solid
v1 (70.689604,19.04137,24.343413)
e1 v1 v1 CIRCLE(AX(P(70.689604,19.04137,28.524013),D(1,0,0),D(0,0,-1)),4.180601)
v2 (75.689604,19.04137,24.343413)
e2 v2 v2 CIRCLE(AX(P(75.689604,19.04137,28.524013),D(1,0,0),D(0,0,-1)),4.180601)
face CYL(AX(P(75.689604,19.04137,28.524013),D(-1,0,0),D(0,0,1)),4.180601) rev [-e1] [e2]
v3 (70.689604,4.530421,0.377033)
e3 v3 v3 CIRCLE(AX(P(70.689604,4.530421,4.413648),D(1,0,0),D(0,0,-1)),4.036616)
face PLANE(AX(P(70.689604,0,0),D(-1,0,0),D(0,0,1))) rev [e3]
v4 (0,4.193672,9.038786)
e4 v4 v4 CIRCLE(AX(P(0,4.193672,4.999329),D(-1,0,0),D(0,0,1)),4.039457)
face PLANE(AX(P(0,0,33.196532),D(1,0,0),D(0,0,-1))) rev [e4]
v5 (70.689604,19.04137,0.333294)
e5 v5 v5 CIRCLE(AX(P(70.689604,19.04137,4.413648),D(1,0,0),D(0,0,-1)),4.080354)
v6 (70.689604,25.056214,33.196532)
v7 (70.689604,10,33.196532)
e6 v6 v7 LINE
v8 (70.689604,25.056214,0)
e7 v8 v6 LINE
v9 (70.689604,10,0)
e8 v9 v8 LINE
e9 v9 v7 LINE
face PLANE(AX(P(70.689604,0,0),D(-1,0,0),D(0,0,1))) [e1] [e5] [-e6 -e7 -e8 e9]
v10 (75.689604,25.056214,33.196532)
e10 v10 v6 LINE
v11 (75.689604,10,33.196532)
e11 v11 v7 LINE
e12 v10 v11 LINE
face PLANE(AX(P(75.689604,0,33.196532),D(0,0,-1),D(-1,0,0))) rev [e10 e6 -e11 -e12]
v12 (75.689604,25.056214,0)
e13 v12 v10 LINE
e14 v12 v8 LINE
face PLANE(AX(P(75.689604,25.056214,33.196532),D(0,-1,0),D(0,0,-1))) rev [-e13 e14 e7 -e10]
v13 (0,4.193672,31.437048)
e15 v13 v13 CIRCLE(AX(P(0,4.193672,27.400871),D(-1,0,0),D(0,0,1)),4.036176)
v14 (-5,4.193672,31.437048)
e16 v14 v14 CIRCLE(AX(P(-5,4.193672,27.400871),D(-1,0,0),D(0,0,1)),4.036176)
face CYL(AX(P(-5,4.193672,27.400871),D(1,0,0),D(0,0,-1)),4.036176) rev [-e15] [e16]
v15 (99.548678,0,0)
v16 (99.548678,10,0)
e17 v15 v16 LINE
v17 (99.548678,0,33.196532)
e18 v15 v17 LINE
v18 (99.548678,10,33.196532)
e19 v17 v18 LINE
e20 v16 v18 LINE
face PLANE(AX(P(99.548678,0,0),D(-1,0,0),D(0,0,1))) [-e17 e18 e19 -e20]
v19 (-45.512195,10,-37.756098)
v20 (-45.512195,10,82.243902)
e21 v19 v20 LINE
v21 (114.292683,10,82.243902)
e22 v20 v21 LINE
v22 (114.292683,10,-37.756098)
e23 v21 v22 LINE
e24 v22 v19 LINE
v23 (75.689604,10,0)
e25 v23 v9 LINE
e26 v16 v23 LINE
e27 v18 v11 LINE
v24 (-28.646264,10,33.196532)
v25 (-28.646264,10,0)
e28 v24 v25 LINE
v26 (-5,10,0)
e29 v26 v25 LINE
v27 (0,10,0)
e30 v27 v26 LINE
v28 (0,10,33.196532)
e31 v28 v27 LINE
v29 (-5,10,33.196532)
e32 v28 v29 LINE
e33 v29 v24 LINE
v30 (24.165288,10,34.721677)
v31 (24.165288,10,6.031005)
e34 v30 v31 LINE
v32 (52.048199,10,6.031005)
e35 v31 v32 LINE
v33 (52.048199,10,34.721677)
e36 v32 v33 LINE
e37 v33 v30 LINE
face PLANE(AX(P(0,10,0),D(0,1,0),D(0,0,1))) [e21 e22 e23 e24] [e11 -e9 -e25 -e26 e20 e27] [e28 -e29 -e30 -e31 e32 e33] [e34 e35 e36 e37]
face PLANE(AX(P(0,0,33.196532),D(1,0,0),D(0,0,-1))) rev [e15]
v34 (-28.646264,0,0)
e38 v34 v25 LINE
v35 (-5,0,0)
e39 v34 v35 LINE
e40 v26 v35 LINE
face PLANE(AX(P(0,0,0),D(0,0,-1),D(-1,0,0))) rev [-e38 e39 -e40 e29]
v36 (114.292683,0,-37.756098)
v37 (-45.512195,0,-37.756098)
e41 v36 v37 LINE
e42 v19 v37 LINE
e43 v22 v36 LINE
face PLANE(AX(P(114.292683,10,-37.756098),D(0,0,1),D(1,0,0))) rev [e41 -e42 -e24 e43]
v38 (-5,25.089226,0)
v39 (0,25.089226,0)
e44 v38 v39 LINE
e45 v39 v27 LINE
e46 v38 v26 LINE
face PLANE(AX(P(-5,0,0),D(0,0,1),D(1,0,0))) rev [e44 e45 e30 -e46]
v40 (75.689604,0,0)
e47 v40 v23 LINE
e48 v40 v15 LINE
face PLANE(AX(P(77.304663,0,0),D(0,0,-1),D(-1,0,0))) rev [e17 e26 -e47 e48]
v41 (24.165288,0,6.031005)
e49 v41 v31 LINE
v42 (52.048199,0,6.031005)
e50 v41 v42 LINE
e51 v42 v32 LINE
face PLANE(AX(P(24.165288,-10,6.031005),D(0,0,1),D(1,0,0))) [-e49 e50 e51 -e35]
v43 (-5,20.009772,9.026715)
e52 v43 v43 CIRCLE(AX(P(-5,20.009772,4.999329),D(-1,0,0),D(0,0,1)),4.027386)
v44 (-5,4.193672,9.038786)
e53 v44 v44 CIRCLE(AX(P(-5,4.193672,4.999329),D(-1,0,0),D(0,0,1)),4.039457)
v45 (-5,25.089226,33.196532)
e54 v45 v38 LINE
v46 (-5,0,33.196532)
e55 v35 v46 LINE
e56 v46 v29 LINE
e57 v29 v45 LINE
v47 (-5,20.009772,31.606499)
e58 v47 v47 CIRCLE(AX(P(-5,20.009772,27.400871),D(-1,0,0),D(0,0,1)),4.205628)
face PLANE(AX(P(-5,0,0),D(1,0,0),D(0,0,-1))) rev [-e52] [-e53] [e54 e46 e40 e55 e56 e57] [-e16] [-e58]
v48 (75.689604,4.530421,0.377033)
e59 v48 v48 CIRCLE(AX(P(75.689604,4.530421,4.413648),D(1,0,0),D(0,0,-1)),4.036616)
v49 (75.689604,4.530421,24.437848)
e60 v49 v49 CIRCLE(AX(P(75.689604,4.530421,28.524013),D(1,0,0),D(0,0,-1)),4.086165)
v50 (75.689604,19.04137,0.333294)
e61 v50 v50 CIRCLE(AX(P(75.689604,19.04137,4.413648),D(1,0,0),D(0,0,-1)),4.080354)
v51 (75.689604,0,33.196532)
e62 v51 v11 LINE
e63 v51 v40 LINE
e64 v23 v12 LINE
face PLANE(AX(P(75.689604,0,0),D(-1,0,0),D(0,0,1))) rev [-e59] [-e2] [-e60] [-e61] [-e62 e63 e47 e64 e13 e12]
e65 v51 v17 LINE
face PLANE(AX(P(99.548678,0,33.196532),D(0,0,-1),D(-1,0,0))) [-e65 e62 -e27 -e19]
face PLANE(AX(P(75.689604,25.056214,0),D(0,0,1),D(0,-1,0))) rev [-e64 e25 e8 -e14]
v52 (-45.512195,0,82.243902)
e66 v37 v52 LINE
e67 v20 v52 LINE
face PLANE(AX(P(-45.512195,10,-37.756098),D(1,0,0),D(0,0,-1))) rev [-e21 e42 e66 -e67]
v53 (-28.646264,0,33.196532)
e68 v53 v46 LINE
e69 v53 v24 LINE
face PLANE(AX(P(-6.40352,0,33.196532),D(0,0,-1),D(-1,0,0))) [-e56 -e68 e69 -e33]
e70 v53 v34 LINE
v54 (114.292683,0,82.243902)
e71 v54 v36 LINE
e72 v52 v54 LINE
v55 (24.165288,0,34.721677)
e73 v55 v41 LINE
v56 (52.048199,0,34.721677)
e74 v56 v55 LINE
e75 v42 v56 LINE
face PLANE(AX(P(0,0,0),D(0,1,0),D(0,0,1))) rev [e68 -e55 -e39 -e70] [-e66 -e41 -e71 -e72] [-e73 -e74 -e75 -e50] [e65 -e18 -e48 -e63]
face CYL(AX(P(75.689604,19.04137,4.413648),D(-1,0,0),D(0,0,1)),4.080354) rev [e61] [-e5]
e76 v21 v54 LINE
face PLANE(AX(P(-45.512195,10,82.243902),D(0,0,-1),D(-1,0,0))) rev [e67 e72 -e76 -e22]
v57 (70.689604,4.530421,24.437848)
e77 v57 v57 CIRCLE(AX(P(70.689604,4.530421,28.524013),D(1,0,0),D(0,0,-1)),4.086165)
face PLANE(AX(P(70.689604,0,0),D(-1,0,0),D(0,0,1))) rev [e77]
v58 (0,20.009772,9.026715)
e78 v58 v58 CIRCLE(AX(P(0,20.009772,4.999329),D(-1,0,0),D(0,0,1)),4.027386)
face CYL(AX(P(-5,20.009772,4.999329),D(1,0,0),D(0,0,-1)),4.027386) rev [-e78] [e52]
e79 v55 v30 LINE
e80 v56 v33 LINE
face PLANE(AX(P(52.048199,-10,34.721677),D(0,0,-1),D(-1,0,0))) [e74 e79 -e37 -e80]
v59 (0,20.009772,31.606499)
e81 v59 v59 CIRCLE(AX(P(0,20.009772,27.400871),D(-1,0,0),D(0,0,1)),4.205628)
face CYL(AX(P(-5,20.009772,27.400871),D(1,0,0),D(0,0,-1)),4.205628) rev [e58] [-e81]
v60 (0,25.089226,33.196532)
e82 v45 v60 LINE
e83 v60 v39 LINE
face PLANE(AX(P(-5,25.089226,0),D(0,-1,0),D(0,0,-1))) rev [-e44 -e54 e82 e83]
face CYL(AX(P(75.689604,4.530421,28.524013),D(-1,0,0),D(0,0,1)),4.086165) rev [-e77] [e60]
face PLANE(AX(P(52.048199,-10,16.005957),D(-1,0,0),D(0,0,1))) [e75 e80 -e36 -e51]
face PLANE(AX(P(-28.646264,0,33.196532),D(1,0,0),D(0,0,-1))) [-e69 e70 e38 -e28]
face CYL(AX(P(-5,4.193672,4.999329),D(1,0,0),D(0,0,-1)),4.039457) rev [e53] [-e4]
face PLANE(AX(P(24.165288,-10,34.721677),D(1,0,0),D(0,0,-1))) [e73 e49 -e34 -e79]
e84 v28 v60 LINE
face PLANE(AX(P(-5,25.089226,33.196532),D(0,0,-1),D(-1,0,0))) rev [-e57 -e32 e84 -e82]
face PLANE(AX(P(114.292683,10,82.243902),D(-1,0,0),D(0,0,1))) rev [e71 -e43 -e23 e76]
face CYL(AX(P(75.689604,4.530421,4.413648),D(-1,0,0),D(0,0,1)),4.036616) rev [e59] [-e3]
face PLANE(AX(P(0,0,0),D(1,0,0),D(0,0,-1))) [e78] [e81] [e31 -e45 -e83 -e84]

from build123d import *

# Parameters (mm, degrees)
SKETCH3_W               = 159.804878049
SKETCH3_H               = 120
BOSS_EXTRUDE1_DEPTH     = 10
CUT_EXTRUDE1_DEPTH      = 20
CUT_EXTRUDE3_DEPTH      = 10
CUT_EXTRUDE3_DEPTH_BACK = 16
SKETCH5_R               = 3
CUT_EXTRUDE6_DEPTH      = 10
SKETCH8_R               = 4.027386095
SKETCH8_R_2             = 4.205627654
SKETCH8_R_3             = 4.039456984
SKETCH8_R_4             = 4.036176238
BOSS_EXTRUDE3_DEPTH     = 5
SKETCH9_W               = 33.196532324
SKETCH9_H               = 25.056213838
SKETCH9_R               = 4.18060077
SKETCH9_R_2             = 4.080354001
SKETCH9_R_3             = 4.086165431
SKETCH9_R_4             = 4.036615778
BOSS_EXTRUDE4_DEPTH     = 5


with BuildPart() as part:
    # Sketch3 → Boss-Extrude1 (new body)
    with BuildSketch(Plane(origin=(0, 0, 0), x_dir=(1, 0, 0), z_dir=(0, 1, 0))):
        with Locations((34.390243903, -22.243902439)):
            Rectangle(SKETCH3_W, SKETCH3_H)
    extrude(amount=BOSS_EXTRUDE1_DEPTH)

    # Sketch4 → Cut-Extrude1 (cut)
    with BuildSketch(Plane(origin=(0, 10, 0), x_dir=(1, 0, 0), z_dir=(0, 1, 0))):
        Polygon((52.048199058, -16.00595694), (52.048199058, -34.721676718), (24.165287655, -34.721676718), (24.165287655, -6.031004918), (52.048199058, -6.031004918), align=None)
    extrude(amount=-CUT_EXTRUDE1_DEPTH, mode=Mode.SUBTRACT)

    # Sketch5 → Cut-Extrude3 (cut, two sides: drawn at the far end of the back side and taken through both)
    with BuildSketch(Plane(origin=(0, 10, 0), x_dir=(1, 0, 0), z_dir=(0, 1, 0)).offset(-CUT_EXTRUDE3_DEPTH_BACK)):
        with Locations(Location((-15.512195122, -22.243902439, 0), (0, 0, 270))):
            Circle(SKETCH5_R)
        with Locations(Location((84.292682927, -22.243902439, 0), (0, 0, 270))):
            Circle(SKETCH5_R)
    extrude(amount=CUT_EXTRUDE3_DEPTH + CUT_EXTRUDE3_DEPTH_BACK, mode=Mode.SUBTRACT)

    # Sketch7 → Cut-Extrude6 (cut)
    with BuildSketch(Plane(origin=(0, 10, 0), x_dir=(1, 0, 0), z_dir=(0, 1, 0))):
        Polygon((-6.403519992, -33.196532324), (0, -33.196532324), (0, 0), (-6.403519992, 0), (-28.646264147, 0), (-28.646264147, -33.196532324), align=None)
        Polygon((70.689603866, -33.196532324), (77.304662661, -33.196532324), (99.548678473, -33.196532324), (99.548678473, 0), (77.304662661, 0), (70.689603866, 0), align=None)
    extrude(amount=-CUT_EXTRUDE6_DEPTH, mode=Mode.SUBTRACT)

    # Sketch8 → Boss-Extrude3 (add)
    with BuildSketch(Plane.ZY):
        Polygon((0, 0), (0, 25.089225982), (33.196532324, 25.089225982), (33.196532324, 22.465752332), (33.196532324, 0), align=None)
        with Locations((4.999328758, 20.009772327)):
            Circle(SKETCH8_R, mode=Mode.SUBTRACT)
        with Locations((27.400871365, 20.009772327)):
            Circle(SKETCH8_R_2, mode=Mode.SUBTRACT)
        with Locations((4.999328758, 4.193672126)):
            Circle(SKETCH8_R_3, mode=Mode.SUBTRACT)
        with Locations((27.400871365, 4.193672126)):
            Circle(SKETCH8_R_4, mode=Mode.SUBTRACT)
    extrude(amount=BOSS_EXTRUDE3_DEPTH)

    # Sketch9 → Boss-Extrude4 (add)
    with BuildSketch(Plane(origin=(70.689603866, 0, 0), x_dir=(0, 0, -1), z_dir=(1, 0, 0))):
        with Locations((-16.598266162, 12.528106919)):
            Rectangle(SKETCH9_W, SKETCH9_H)
        with Locations((-28.524013472, 19.041369902)):
            Circle(SKETCH9_R, mode=Mode.SUBTRACT)
        with Locations((-4.413648361, 19.041369902)):
            Circle(SKETCH9_R_2, mode=Mode.SUBTRACT)
        with Locations((-28.524013472, 4.530421359)):
            Circle(SKETCH9_R_3, mode=Mode.SUBTRACT)
        with Locations((-4.413648361, 4.530421359)):
            Circle(SKETCH9_R_4, mode=Mode.SUBTRACT)
    extrude(amount=BOSS_EXTRUDE4_DEPTH)


solid = part.part
